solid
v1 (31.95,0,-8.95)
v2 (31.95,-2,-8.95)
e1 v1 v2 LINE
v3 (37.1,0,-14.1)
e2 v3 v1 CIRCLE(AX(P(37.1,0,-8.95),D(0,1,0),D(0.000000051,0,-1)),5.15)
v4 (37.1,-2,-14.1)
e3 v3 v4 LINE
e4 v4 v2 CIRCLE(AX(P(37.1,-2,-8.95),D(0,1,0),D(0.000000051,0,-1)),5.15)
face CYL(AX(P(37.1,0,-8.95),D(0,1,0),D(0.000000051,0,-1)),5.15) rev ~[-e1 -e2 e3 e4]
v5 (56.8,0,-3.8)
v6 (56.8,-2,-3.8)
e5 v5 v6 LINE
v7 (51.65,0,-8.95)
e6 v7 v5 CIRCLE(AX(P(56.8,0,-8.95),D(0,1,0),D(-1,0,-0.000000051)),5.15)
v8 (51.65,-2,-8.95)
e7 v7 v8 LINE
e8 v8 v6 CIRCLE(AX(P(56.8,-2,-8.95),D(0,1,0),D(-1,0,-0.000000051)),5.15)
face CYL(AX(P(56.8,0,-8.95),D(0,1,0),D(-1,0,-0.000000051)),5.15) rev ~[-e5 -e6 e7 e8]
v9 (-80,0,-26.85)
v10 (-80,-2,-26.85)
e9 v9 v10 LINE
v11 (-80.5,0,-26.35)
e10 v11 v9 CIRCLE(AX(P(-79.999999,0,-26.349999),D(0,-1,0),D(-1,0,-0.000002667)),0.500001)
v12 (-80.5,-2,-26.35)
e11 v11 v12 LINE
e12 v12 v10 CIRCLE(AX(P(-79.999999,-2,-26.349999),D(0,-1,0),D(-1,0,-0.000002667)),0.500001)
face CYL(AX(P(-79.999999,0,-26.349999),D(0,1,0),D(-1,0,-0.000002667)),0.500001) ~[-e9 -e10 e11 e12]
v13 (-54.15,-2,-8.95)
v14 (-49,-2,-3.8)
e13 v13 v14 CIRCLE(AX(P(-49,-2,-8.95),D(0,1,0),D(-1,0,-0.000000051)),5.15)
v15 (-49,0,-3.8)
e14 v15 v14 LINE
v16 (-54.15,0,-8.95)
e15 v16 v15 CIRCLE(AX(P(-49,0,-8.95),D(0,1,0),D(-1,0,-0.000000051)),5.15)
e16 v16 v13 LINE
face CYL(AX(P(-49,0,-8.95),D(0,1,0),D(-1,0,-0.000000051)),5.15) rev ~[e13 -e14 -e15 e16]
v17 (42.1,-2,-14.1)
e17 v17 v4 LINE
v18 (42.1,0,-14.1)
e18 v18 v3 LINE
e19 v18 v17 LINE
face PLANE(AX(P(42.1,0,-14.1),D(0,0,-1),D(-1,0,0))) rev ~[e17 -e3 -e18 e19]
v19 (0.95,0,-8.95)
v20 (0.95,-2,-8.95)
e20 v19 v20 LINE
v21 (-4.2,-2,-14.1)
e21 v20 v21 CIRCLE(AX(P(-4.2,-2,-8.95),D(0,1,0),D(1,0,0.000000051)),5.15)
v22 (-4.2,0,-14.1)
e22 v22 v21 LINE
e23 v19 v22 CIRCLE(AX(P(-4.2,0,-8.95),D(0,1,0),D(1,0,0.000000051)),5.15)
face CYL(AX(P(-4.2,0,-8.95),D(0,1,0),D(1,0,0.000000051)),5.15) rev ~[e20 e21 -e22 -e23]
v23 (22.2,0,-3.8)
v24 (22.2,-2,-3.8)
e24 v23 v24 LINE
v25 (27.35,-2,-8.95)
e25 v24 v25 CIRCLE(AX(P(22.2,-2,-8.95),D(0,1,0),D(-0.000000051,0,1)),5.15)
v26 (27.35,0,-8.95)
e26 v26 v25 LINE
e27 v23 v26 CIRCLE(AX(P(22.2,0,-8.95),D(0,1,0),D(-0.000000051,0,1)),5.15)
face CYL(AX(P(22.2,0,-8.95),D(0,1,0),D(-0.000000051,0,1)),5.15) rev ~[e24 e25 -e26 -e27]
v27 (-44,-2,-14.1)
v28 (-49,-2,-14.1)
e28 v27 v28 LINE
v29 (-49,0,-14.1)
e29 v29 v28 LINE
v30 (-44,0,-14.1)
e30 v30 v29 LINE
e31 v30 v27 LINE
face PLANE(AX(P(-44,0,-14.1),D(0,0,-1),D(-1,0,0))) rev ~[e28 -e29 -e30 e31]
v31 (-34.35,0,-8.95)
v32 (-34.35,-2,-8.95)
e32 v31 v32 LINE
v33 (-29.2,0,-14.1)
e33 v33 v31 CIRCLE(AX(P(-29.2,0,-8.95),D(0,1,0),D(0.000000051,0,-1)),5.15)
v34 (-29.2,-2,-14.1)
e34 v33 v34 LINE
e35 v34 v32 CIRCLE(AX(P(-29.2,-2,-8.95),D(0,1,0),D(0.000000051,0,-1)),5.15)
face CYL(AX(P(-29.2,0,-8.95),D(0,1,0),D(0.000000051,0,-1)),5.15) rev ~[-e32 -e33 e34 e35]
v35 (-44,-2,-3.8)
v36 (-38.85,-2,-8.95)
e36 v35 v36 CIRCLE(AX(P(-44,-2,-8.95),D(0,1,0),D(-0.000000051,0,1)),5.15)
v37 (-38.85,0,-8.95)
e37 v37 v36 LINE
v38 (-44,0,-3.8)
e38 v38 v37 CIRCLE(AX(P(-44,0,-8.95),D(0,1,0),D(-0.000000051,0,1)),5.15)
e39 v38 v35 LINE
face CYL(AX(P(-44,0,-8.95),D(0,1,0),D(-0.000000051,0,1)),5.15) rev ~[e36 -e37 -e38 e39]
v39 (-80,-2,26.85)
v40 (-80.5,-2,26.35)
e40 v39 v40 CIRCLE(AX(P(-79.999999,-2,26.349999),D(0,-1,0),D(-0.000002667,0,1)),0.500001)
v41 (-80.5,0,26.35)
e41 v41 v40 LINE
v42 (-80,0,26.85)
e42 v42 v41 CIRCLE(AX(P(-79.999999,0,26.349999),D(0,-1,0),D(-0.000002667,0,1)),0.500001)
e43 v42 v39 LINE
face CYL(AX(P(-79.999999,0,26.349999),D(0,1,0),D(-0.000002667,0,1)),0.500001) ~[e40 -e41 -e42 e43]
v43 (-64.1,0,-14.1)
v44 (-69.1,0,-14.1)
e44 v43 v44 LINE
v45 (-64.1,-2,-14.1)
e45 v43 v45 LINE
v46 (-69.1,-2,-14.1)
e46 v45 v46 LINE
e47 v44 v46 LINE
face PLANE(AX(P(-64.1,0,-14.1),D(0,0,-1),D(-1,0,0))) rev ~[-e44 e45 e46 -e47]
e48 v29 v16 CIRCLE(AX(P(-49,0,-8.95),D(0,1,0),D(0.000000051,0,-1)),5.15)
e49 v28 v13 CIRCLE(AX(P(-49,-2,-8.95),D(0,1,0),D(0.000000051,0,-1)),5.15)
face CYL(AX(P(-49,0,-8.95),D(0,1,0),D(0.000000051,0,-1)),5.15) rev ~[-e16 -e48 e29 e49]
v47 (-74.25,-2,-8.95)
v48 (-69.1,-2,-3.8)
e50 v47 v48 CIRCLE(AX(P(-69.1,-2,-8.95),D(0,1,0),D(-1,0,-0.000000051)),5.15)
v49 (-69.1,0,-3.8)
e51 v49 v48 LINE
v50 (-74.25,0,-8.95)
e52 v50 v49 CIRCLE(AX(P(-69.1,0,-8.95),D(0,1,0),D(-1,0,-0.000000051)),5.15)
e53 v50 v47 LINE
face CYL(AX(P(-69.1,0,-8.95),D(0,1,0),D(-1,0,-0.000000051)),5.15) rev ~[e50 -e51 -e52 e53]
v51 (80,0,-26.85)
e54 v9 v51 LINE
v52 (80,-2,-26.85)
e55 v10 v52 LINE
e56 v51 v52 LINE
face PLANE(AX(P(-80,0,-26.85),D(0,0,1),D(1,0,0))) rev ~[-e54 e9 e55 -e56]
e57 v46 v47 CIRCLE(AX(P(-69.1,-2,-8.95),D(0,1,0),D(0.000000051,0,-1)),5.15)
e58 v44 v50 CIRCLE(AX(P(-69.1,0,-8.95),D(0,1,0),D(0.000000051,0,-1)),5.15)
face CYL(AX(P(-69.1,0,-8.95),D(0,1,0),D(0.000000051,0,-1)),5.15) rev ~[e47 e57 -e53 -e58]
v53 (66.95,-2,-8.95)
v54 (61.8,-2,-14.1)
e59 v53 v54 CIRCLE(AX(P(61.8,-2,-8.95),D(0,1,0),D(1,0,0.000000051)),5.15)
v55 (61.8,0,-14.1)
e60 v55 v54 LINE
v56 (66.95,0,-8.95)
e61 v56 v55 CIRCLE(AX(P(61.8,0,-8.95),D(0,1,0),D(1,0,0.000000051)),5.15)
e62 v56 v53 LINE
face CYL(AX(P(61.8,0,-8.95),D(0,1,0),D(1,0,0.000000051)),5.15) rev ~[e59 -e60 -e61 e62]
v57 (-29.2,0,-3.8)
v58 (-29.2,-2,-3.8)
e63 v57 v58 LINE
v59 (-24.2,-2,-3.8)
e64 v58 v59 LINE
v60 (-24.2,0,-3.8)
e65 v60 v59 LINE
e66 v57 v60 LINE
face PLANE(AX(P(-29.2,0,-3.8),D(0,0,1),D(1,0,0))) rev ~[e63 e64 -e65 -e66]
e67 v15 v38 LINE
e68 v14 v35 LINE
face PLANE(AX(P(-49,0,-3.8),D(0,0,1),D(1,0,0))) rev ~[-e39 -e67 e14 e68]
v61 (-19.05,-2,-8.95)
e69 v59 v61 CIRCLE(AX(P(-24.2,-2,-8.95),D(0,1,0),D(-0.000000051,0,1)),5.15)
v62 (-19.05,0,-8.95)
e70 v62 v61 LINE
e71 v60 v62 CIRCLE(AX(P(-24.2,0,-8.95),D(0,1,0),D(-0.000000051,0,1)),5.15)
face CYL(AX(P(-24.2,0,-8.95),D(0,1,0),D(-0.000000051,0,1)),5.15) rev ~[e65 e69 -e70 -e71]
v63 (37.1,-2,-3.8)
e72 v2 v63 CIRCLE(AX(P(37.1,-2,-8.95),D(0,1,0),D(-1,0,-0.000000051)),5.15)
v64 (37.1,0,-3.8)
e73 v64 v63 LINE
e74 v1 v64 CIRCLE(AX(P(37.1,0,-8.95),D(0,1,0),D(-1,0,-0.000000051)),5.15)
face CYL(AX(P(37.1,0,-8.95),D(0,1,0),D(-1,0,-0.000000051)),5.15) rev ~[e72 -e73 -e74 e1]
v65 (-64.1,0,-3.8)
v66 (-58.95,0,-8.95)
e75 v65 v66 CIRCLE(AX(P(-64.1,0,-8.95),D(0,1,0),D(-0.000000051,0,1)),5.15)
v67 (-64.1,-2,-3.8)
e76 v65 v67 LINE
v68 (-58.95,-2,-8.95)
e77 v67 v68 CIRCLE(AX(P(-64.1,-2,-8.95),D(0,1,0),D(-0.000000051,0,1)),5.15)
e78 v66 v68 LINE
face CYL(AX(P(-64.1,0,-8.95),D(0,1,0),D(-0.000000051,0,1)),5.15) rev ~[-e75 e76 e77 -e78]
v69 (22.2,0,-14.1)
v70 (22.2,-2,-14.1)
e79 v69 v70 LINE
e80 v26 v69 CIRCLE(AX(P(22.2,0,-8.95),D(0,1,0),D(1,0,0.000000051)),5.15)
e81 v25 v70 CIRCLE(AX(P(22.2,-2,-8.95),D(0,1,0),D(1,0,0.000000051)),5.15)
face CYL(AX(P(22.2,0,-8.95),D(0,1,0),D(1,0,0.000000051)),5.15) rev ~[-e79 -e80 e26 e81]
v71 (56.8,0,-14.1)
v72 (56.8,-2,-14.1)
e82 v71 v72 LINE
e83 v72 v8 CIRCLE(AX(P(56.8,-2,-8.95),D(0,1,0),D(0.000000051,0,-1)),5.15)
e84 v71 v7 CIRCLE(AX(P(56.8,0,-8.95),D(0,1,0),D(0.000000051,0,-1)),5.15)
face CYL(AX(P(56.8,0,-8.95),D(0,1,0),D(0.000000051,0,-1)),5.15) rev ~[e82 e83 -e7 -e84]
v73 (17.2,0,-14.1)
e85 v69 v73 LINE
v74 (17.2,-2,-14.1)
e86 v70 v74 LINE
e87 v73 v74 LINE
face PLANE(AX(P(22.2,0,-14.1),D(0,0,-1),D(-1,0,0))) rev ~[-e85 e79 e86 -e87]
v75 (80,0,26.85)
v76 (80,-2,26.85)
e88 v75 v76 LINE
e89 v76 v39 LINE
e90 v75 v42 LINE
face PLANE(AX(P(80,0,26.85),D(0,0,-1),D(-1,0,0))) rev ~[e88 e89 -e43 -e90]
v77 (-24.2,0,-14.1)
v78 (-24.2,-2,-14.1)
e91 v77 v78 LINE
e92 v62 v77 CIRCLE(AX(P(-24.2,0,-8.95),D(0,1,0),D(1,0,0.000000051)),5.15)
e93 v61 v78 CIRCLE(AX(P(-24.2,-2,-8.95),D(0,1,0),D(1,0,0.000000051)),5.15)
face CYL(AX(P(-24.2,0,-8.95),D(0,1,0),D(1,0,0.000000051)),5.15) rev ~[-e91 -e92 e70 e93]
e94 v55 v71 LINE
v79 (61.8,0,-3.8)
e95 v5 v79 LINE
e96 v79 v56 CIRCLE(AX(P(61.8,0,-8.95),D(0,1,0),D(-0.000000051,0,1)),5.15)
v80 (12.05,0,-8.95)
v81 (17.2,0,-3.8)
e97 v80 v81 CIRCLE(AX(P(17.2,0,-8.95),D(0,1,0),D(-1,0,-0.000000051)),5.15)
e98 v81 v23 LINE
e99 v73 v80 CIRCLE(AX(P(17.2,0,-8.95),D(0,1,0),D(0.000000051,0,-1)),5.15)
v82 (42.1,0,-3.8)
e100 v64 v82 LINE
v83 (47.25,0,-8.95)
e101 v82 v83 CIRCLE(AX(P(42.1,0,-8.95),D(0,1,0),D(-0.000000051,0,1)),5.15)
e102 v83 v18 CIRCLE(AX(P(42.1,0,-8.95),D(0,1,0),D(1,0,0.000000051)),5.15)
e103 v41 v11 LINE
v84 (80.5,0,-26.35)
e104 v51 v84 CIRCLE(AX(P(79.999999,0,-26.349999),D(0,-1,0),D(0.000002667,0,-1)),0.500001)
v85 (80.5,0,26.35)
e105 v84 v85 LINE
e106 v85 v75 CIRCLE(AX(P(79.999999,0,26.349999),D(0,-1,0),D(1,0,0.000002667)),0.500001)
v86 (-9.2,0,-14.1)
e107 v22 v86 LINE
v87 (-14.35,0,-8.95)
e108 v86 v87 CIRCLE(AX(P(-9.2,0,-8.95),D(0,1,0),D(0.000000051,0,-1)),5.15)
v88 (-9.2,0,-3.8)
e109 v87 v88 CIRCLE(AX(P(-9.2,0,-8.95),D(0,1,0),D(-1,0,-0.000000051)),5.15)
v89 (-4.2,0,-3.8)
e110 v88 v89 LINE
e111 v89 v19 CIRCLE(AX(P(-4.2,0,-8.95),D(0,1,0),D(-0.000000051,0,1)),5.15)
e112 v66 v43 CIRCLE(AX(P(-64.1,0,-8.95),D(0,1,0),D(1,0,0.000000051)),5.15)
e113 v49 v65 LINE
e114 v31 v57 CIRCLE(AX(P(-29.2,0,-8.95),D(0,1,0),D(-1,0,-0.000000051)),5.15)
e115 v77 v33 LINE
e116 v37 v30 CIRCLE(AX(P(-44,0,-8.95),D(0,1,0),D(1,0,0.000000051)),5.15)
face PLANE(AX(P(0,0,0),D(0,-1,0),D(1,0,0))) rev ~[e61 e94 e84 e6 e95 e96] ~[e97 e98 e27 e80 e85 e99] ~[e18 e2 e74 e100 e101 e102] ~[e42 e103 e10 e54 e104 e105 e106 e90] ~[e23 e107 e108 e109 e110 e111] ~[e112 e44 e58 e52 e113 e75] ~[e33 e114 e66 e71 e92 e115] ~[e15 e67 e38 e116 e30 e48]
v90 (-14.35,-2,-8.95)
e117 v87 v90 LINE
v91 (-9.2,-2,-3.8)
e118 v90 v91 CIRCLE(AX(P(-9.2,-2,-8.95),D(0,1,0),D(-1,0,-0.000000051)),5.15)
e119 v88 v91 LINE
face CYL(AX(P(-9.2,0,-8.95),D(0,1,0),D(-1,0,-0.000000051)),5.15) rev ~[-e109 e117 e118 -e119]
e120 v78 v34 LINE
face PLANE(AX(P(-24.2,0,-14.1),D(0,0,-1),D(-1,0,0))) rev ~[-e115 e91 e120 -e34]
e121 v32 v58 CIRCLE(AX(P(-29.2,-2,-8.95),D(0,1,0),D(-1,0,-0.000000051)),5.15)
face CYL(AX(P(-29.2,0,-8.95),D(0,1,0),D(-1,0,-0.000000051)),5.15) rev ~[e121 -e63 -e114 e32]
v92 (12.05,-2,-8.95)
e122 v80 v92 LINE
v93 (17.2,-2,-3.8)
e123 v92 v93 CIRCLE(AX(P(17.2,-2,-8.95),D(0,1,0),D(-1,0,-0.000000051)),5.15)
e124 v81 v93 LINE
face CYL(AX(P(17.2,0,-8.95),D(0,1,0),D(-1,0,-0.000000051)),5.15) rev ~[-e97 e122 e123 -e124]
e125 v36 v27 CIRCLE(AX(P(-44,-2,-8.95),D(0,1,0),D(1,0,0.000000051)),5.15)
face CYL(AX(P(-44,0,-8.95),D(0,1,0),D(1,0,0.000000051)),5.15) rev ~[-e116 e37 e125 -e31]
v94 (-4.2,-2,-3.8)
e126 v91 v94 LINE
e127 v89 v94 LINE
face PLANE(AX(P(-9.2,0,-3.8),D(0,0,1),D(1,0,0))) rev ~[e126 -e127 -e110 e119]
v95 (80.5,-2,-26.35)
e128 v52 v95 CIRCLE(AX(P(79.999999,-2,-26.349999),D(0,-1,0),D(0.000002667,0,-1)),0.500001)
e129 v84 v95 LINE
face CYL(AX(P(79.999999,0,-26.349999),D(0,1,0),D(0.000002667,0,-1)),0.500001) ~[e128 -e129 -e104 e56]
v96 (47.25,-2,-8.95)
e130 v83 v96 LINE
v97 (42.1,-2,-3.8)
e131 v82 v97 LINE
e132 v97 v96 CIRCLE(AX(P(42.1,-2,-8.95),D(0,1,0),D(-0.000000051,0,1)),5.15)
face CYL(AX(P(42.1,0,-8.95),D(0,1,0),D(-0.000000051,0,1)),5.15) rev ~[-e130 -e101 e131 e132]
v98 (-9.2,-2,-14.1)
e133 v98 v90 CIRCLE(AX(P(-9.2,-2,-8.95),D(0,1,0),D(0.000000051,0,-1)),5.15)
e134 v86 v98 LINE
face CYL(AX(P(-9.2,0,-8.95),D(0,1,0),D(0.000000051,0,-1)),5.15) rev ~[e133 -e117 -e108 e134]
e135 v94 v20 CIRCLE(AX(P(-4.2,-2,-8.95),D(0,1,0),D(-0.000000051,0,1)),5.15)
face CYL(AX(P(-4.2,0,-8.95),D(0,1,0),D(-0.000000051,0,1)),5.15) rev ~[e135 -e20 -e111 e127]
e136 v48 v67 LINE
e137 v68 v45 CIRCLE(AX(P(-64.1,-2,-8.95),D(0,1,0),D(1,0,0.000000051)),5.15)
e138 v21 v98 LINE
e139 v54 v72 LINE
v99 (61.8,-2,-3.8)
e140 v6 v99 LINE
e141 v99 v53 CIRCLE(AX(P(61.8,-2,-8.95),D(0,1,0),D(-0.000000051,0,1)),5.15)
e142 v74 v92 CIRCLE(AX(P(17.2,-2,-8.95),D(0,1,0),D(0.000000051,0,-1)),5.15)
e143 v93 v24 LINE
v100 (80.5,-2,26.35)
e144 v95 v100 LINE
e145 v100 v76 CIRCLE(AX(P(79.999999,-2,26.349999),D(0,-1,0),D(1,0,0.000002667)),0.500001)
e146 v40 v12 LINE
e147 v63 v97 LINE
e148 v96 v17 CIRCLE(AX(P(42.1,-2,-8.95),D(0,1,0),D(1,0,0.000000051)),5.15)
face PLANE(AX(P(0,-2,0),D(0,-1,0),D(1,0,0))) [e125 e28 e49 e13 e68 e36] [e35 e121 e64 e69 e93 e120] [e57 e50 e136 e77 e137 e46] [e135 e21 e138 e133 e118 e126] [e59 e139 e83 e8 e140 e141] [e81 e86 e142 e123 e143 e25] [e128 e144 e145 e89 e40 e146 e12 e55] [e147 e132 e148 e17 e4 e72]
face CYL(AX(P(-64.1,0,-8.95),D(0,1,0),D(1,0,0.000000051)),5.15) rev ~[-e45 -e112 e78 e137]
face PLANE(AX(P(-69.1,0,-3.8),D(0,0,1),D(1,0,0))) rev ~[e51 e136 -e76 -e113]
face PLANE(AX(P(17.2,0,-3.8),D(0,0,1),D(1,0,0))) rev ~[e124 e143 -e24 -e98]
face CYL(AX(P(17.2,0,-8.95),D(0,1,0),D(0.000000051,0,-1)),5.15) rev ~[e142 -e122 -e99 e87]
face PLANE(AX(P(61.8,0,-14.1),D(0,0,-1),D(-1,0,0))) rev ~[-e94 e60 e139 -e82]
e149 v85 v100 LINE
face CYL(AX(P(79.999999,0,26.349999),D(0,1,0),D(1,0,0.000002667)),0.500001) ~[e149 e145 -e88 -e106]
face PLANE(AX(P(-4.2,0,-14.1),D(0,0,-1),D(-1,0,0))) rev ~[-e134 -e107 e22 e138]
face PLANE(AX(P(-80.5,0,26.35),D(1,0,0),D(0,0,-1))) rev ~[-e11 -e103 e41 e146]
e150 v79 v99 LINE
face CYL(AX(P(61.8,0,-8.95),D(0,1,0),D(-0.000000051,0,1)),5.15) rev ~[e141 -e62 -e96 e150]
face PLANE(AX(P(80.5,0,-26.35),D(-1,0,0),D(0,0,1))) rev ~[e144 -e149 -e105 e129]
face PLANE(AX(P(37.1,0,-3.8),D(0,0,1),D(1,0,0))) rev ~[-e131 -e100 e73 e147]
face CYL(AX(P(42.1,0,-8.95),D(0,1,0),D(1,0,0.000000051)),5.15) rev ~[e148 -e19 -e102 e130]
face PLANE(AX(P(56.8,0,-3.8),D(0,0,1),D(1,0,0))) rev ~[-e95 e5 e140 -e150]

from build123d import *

# Parameters (mm, degrees)
F1_DEPTH = 2


with BuildPart() as f1:
    # F0 (on Front) → F1 (new body)
    with BuildSketch(Plane.XZ):
        with BuildLine():
            ThreePointArc((80.5, 26.35), (80.353553, 26.703553), (80, 26.85))
            Line((80, 26.85), (-80, 26.85))
            ThreePointArc((-80, 26.85), (-80.353553, 26.703553), (-80.5, 26.35))
            Line((-80.5, 26.35), (-80.5, -26.35))
            ThreePointArc((-80.5, -26.35), (-80.353553, -26.703553), (-80, -26.85))
            Line((-80, -26.85), (80, -26.85))
            ThreePointArc((80, -26.85), (80.353553, -26.703553), (80.5, -26.35))
            Line((80.5, -26.35), (80.5, 26.35))
        make_face()
        with BuildLine():
            ThreePointArc((-74.25, -8.95), (-72.7416, -5.3084), (-69.1, -3.8))
            Line((-69.1, -3.8), (-64.1, -3.8))
            ThreePointArc((-64.1, -3.8), (-60.4584, -5.3084), (-58.95, -8.95))
            ThreePointArc((-58.95, -8.95), (-60.4584, -12.5916), (-64.1, -14.1))
            Line((-64.1, -14.1), (-69.1, -14.1))
            ThreePointArc((-69.1, -14.1), (-72.7416, -12.5916), (-74.25, -8.95))
        make_face(mode=Mode.SUBTRACT)
        with BuildLine():
            ThreePointArc((-54.15, -8.95), (-52.6416, -5.3084), (-49, -3.8))
            Line((-49, -3.8), (-44, -3.8))
            ThreePointArc((-44, -3.8), (-40.3584, -5.3084), (-38.85, -8.95))
            ThreePointArc((-38.85, -8.95), (-40.3584, -12.5916), (-44, -14.1))
            Line((-44, -14.1), (-49, -14.1))
            ThreePointArc((-49, -14.1), (-52.6416, -12.5916), (-54.15, -8.95))
        make_face(mode=Mode.SUBTRACT)
        with BuildLine():
            ThreePointArc((-34.35, -8.95), (-32.8416, -5.3084), (-29.2, -3.8))
            Line((-29.2, -3.8), (-24.2, -3.8))
            ThreePointArc((-24.2, -3.8), (-20.5584, -5.3084), (-19.05, -8.95))
            ThreePointArc((-19.05, -8.95), (-20.5584, -12.5916), (-24.2, -14.1))
            Line((-24.2, -14.1), (-29.2, -14.1))
            ThreePointArc((-29.2, -14.1), (-32.8416, -12.5916), (-34.35, -8.95))
        make_face(mode=Mode.SUBTRACT)
        with BuildLine():
            ThreePointArc((-14.35, -8.95), (-12.8416, -5.3084), (-9.2, -3.8))
            Line((-9.2, -3.8), (-4.2, -3.8))
            ThreePointArc((-4.2, -3.8), (-0.5584, -5.3084), (0.95, -8.95))
            ThreePointArc((0.95, -8.95), (-0.5584, -12.5916), (-4.2, -14.1))
            Line((-4.2, -14.1), (-9.2, -14.1))
            ThreePointArc((-9.2, -14.1), (-12.8416, -12.5916), (-14.35, -8.95))
        make_face(mode=Mode.SUBTRACT)
        with BuildLine():
            ThreePointArc((12.05, -8.95), (13.5584, -5.3084), (17.2, -3.8))
            Line((17.2, -3.8), (22.2, -3.8))
            ThreePointArc((22.2, -3.8), (25.8416, -5.3084), (27.35, -8.95))
            ThreePointArc((27.35, -8.95), (25.8416, -12.5916), (22.2, -14.1))
            Line((22.2, -14.1), (17.2, -14.1))
            ThreePointArc((17.2, -14.1), (13.5584, -12.5916), (12.05, -8.95))
        make_face(mode=Mode.SUBTRACT)
        with BuildLine():
            ThreePointArc((31.95, -8.95), (33.4584, -5.3084), (37.1, -3.8))
            Line((37.1, -3.8), (42.1, -3.8))
            ThreePointArc((42.1, -3.8), (45.7416, -5.3084), (47.25, -8.95))
            ThreePointArc((47.25, -8.95), (45.7416, -12.5916), (42.1, -14.1))
            Line((42.1, -14.1), (37.1, -14.1))
            ThreePointArc((37.1, -14.1), (33.4584, -12.5916), (31.95, -8.95))
        make_face(mode=Mode.SUBTRACT)
        with BuildLine():
            ThreePointArc((51.65, -8.95), (53.1584, -5.3084), (56.8, -3.8))
            Line((56.8, -3.8), (61.8, -3.8))
            ThreePointArc((61.8, -3.8), (65.4416, -5.3084), (66.95, -8.95))
            ThreePointArc((66.95, -8.95), (65.4416, -12.5916), (61.8, -14.1))
            Line((61.8, -14.1), (56.8, -14.1))
            ThreePointArc((56.8, -14.1), (53.1584, -12.5916), (51.65, -8.95))
        make_face(mode=Mode.SUBTRACT)
    extrude(amount=F1_DEPTH)


solid = f1.part
